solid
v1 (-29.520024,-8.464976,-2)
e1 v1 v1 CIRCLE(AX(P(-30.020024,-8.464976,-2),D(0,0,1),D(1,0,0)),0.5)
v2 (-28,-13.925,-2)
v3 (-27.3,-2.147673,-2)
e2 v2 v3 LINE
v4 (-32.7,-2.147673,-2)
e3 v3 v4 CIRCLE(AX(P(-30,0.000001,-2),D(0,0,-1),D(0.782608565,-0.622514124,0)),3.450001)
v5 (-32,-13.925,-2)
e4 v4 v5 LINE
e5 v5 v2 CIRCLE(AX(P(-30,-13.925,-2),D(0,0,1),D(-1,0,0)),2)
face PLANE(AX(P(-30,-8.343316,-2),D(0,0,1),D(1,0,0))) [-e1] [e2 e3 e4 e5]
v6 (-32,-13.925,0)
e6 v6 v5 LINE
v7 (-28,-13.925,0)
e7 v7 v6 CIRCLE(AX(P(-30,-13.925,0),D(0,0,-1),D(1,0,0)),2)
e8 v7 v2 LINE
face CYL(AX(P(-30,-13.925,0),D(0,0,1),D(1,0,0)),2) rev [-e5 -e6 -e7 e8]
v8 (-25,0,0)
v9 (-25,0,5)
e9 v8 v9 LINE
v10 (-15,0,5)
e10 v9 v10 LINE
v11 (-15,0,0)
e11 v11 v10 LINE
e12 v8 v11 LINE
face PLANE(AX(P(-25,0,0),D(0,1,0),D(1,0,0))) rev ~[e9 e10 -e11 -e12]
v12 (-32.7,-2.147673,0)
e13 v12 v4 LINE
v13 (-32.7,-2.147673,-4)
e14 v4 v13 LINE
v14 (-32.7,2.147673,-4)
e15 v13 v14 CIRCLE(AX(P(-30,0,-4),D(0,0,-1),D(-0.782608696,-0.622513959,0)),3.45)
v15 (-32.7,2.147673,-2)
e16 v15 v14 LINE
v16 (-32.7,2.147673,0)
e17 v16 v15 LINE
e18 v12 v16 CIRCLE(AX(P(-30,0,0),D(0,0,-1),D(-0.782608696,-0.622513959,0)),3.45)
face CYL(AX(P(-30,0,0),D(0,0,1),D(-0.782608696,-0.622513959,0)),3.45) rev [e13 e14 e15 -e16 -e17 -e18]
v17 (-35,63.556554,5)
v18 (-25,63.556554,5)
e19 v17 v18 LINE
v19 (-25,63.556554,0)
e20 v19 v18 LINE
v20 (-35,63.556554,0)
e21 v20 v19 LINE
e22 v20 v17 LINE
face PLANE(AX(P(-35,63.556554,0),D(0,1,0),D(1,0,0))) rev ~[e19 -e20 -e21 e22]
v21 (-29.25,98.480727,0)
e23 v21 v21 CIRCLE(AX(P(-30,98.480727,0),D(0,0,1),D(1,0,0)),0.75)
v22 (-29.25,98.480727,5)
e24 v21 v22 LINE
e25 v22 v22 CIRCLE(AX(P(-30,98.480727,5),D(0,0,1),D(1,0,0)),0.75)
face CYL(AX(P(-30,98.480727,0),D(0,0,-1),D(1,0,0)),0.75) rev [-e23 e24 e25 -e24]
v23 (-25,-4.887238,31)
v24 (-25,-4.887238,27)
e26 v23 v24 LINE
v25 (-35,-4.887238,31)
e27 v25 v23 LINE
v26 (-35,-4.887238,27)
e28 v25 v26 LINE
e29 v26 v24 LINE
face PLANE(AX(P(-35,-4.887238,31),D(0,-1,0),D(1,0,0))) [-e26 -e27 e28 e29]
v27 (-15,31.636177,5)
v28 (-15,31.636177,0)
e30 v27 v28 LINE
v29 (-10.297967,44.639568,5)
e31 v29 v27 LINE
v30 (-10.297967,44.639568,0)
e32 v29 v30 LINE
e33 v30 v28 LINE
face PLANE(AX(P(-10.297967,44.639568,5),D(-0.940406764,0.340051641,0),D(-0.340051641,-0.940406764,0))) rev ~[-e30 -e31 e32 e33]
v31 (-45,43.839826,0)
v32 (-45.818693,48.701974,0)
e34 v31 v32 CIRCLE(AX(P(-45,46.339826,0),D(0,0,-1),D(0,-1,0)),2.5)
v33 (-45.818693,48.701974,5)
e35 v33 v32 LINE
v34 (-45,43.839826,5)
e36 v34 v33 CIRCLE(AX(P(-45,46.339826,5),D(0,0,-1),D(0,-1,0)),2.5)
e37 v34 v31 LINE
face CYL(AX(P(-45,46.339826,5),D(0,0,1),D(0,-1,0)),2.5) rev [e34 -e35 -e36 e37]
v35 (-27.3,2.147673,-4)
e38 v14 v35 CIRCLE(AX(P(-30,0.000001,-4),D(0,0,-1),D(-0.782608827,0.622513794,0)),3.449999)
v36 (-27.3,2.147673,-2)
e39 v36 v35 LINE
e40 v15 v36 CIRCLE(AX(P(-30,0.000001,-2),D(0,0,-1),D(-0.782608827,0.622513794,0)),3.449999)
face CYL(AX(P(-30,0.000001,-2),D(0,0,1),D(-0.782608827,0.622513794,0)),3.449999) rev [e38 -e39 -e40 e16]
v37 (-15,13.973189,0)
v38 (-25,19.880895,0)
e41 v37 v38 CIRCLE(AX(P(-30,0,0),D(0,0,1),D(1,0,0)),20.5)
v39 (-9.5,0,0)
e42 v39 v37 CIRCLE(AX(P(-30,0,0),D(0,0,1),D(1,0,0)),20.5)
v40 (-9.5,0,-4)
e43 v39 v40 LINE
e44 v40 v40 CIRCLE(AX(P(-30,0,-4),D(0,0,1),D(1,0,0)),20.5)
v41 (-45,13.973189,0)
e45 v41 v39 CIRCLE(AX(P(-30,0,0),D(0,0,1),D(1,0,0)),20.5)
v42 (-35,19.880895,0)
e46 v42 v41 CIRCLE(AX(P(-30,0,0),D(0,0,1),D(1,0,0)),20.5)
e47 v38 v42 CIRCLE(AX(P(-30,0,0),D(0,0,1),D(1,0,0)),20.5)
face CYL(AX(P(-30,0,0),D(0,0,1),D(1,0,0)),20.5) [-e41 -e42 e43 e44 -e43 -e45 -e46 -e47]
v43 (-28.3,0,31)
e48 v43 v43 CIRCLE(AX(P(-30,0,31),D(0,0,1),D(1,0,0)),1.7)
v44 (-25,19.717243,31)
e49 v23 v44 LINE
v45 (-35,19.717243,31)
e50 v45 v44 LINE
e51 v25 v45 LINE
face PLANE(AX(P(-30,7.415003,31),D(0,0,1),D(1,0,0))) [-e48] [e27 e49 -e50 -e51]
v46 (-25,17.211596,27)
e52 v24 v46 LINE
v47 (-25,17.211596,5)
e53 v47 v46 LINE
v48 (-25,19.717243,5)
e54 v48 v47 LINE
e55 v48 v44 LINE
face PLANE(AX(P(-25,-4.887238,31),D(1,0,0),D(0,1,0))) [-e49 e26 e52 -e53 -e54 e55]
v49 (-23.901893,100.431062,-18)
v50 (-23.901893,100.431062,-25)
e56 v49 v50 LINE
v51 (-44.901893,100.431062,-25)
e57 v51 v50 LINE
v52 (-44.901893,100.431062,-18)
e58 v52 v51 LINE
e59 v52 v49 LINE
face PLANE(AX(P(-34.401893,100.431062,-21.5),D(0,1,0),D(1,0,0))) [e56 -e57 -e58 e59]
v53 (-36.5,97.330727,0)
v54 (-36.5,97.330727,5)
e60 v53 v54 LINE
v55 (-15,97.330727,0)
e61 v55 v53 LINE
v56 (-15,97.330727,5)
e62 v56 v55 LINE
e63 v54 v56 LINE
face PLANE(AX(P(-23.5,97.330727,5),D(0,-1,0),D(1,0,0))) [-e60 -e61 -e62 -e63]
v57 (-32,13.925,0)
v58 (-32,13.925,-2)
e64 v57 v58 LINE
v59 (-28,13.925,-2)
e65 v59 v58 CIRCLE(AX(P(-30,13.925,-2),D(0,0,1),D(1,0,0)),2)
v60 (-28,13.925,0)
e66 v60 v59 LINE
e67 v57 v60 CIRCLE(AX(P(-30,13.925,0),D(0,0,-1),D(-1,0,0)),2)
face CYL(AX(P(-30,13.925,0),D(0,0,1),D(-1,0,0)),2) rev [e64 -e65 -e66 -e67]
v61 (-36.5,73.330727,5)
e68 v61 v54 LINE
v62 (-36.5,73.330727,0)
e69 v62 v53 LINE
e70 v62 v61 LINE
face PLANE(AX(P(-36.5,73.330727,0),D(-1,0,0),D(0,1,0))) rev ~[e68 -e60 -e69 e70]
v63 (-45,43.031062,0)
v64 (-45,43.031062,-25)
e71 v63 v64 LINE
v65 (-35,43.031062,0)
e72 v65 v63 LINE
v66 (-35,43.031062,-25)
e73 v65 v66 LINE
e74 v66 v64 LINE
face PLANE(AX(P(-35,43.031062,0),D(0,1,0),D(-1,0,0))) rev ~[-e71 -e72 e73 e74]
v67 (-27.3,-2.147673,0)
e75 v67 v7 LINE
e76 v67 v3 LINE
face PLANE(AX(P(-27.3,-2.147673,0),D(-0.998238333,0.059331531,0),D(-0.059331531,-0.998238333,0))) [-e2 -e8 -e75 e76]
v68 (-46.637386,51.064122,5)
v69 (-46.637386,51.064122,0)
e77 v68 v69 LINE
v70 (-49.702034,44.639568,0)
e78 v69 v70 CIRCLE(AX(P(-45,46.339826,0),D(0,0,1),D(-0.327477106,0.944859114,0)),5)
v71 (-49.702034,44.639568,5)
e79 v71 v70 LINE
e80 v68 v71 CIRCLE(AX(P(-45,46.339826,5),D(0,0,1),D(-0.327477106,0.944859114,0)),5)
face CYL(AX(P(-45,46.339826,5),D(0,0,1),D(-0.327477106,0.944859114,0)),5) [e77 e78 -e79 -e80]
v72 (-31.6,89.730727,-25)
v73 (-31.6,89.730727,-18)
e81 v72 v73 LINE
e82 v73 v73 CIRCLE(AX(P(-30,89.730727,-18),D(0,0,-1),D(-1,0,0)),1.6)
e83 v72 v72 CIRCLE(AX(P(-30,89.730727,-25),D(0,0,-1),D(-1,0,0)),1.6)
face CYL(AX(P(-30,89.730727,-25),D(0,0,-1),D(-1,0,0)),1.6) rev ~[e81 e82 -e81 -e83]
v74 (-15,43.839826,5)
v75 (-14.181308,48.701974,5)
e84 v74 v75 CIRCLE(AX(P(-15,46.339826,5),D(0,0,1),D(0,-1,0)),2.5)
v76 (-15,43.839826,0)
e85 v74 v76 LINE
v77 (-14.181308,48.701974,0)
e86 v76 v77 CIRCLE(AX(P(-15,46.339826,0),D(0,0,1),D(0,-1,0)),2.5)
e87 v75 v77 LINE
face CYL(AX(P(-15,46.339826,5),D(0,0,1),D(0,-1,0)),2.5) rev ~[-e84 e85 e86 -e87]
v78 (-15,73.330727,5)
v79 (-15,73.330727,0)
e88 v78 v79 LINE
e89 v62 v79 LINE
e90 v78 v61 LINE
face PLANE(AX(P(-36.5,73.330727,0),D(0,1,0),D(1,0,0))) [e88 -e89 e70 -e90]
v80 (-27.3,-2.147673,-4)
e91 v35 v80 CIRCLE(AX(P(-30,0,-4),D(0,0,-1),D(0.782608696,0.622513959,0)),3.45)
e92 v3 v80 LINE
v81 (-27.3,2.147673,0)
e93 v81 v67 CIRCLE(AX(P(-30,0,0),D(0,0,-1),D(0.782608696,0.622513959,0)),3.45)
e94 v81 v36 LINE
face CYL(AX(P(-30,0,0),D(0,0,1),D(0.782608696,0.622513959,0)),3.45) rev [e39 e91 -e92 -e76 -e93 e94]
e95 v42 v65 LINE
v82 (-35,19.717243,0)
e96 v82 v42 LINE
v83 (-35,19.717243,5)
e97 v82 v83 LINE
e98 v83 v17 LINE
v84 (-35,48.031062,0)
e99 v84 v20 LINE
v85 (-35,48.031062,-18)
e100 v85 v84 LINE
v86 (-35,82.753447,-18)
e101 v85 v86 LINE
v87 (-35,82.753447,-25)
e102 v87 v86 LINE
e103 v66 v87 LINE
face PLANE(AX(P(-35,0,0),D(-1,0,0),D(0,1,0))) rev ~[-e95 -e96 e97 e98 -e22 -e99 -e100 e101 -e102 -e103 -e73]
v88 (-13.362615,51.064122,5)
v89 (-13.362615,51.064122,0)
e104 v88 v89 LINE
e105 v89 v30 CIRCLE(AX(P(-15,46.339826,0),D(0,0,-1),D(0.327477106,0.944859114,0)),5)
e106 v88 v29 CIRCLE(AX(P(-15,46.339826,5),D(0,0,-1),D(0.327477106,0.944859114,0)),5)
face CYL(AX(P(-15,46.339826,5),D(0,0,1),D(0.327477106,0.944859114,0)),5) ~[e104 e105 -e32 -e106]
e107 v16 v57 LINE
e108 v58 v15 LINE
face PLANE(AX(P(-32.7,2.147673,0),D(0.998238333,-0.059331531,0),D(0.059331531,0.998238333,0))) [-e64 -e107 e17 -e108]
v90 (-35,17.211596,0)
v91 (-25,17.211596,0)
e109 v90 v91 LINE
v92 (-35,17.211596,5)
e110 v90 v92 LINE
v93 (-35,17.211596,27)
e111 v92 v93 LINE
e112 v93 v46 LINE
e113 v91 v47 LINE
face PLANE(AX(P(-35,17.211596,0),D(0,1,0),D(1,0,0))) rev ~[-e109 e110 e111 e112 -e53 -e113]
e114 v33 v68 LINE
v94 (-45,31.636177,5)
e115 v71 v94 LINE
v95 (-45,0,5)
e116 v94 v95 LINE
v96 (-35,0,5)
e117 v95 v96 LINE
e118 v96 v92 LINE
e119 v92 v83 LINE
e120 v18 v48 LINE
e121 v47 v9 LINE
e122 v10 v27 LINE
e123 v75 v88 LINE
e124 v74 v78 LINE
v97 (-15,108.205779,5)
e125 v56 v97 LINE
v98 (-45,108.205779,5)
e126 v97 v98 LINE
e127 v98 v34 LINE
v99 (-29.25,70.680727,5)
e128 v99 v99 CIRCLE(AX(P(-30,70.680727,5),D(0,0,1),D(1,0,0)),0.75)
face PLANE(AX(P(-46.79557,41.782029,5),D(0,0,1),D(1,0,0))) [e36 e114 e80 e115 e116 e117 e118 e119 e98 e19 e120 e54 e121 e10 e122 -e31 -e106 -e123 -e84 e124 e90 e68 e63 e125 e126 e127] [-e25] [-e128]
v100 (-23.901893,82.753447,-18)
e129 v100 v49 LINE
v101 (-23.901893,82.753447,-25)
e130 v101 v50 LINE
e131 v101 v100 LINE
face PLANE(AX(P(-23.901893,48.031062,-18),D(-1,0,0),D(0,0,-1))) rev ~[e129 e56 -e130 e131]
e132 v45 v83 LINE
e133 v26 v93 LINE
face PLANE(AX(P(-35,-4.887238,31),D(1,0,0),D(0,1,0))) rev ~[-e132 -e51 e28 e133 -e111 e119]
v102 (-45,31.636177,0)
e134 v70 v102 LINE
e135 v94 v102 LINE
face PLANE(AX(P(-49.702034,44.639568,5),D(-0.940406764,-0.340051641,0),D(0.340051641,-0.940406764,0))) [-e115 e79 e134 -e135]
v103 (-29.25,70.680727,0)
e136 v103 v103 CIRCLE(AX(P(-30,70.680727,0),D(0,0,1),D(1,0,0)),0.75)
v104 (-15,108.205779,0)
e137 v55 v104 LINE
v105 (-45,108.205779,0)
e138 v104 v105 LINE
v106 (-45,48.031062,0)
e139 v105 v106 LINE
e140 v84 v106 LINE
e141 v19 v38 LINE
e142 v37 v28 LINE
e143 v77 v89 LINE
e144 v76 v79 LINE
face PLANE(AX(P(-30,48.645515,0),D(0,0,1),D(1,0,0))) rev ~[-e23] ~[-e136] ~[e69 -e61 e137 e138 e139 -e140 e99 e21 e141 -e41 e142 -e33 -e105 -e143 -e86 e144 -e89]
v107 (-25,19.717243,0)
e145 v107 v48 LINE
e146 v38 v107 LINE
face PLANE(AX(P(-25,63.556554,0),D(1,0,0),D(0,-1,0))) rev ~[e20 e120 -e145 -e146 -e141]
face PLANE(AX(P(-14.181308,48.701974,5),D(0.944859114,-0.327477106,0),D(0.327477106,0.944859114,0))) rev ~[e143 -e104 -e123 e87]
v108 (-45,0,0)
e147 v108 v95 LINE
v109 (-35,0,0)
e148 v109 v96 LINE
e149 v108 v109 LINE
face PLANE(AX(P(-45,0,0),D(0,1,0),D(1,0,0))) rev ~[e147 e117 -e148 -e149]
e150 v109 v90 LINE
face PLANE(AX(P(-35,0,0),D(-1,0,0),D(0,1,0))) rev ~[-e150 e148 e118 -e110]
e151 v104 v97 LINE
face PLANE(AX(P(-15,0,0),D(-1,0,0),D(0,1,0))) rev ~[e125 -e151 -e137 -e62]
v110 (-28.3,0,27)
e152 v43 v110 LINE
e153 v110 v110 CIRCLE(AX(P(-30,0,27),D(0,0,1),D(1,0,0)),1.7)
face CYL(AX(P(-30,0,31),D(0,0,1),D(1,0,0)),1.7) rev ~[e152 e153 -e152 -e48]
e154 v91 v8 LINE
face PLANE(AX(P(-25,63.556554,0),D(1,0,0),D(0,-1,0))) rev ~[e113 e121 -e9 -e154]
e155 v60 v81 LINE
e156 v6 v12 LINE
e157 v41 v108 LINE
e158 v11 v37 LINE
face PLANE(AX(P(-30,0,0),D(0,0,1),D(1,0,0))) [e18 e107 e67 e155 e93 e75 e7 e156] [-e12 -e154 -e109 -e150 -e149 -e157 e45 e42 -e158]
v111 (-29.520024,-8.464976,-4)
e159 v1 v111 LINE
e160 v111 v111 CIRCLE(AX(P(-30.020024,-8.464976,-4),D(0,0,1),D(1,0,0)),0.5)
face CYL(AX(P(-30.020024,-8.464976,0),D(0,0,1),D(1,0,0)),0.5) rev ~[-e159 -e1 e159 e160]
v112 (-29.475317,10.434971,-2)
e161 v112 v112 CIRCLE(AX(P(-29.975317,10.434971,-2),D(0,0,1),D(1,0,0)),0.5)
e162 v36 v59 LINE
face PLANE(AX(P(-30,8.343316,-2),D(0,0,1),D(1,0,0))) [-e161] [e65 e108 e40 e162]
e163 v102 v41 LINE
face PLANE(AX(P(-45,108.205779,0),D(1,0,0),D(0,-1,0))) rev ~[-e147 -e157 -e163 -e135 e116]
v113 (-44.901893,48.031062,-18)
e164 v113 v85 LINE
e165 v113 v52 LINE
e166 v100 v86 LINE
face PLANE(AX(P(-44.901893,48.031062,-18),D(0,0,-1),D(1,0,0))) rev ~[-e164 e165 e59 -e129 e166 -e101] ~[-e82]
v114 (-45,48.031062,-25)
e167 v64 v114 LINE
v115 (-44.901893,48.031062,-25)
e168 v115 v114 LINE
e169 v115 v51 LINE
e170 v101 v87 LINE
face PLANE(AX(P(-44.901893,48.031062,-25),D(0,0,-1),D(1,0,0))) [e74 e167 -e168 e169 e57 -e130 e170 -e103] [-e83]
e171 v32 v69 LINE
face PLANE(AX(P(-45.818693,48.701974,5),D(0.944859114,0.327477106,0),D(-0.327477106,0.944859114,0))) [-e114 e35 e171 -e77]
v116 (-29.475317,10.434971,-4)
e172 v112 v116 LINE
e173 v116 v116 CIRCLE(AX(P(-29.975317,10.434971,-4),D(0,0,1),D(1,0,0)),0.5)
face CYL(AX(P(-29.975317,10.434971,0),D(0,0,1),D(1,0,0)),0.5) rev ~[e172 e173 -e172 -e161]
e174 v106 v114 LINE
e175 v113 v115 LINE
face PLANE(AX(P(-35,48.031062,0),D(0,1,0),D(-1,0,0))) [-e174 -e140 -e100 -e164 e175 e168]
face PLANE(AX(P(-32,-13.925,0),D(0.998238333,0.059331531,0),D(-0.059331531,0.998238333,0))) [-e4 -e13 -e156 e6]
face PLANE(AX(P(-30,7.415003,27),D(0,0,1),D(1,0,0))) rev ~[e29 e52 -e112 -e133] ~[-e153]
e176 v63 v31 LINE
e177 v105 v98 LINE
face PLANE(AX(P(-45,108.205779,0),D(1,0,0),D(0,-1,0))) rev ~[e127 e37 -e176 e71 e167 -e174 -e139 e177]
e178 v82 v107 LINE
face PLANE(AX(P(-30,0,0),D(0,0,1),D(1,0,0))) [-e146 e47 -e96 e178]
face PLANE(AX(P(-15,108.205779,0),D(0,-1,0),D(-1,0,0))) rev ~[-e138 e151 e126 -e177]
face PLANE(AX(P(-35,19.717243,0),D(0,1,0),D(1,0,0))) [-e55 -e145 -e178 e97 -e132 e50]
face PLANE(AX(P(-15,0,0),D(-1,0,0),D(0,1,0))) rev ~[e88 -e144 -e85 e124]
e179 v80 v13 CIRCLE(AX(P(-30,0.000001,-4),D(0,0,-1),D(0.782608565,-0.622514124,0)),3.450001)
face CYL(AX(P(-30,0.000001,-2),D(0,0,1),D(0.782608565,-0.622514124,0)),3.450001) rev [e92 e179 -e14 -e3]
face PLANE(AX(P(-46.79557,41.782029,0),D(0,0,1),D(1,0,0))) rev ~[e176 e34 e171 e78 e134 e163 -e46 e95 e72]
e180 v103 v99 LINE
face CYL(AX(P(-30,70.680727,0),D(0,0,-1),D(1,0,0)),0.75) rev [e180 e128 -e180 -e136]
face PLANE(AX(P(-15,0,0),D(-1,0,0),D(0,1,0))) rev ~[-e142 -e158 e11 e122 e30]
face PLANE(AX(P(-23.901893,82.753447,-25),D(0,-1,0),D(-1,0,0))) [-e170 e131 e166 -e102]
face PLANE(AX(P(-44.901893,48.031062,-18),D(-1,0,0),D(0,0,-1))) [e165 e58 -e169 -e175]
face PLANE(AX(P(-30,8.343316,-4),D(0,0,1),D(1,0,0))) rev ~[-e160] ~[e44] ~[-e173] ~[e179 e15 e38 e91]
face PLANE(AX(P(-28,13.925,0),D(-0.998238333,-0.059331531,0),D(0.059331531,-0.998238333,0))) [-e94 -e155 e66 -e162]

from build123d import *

# Parameters (mm, degrees)
SKETCH2_R           = 20.5
BOSS_EXTRUDE1_DEPTH = 4
BOSS_EXTRUDE2_START = -2
BOSS_EXTRUDE2_DEPTH = 2
SKETCH4_R           = 0.75
SKETCH4_W           = 13
SKETCH4_H           = 24
BOSS_EXTRUDE3_DEPTH = 5
SKETCH5_W           = 10
SKETCH5_H           = 5
BOSS_EXTRUDE4_DEPTH = 25
SKETCH6_W           = 21
SKETCH6_H           = 7
BOSS_EXTRUDE5_DEPTH = 52.4
SKETCH7_R           = 1.6
CUT_EXTRUDE1_DEPTH  = 52.4
SKETCH8_R           = 0.500000007
CUT_EXTRUDE2_DEPTH  = 10
SKETCH9_W           = 8.5
SKETCH9_H           = 24
CUT_EXTRUDE3_DEPTH  = 10
SKETCH10_W          = 10
SKETCH10_H          = 2.505647768
BOSS_EXTRUDE6_DEPTH = 31
SKETCH11_W          = 10
SKETCH11_H          = 24.604481137
SKETCH11_R          = 1.7
BOSS_EXTRUDE7_DEPTH = 4
BOSS_EXTRUDE8_DEPTH = 5
SKETCH13_W          = 11.098107646
SKETCH13_H          = 34.722384721
CUT_EXTRUDE4_DEPTH  = 10


with BuildPart() as part:
    # Sketch2 → Boss-Extrude1 (new body)
    with BuildSketch(Plane.XY):
        with Locations((-30.000000447, 0)):
            Circle(SKETCH2_R)
        with BuildLine():
            Line((-32.000000447, -13.925), (-32.700000447, -2.147673159))
            ThreePointArc((-32.700000447, -2.147673159), (-33.450000447, 0), (-32.700000447, 2.147673159))
            Line((-32.700000447, 2.147673159), (-32.000000447, 13.925))
            ThreePointArc((-32.000000447, 13.925), (-30.000000447, 15.925), (-28.000000447, 13.925))
            Line((-28.000000447, 13.925), (-27.300000447, 2.147673159))
            ThreePointArc((-27.300000447, 2.147673159), (-26.550000447, 0), (-27.300000447, -2.147673159))
            Line((-27.300000447, -2.147673159), (-28.000000447, -13.925))
            ThreePointArc((-28.000000447, -13.925), (-30.000000447, -15.925), (-32.000000447, -13.925))
        make_face(mode=Mode.SUBTRACT)
    extrude(amount=-BOSS_EXTRUDE1_DEPTH)

    # Sketch3 → Boss-Extrude2 (add)
    with BuildSketch(Plane(origin=(0, 0, -4), x_dir=(-1, 0, 0), z_dir=(0, 0, -1)).offset(BOSS_EXTRUDE2_START)):
        with BuildLine():
            Line((32.000000447, 13.925), (32.700000447, 2.147673159))
            ThreePointArc((32.700000447, 2.147673159), (30.000000278, 3.45000035), (27.300000447, 2.147673159))
            Line((27.300000447, 2.147673159), (28.000000447, 13.925))
            ThreePointArc((28.000000447, 13.925), (30.000000447, 15.925), (32.000000447, 13.925))
        make_face()
        with BuildLine():
            Line((32.700000447, -2.147673159), (32.000000447, -13.925))
            ThreePointArc((32.000000447, -13.925), (30.000000447, -15.925), (28.000000447, -13.925))
            Line((28.000000447, -13.925), (27.300000447, -2.147673159))
            ThreePointArc((27.300000447, -2.147673159), (30.000000278, -3.44999965), (32.700000447, -2.147673159))
        make_face()
    extrude(amount=BOSS_EXTRUDE2_DEPTH)

    # Sketch4 → Boss-Extrude3 (add)
    with BuildSketch(Plane.XY):
        Polygon((-45.000000447, 0), (-35.000000447, 0), (-35.000000447, 63.556554203), (-25.000000447, 63.556554203), (-25.000000447, 0), (-15.000000447, 0), (-15.000000447, 66.480727098), (-15.000000447, 108.20577925), (-45.000000447, 108.20577925), (-45.000000447, 66.480727098), align=None)
        with Locations((-30.000000447, 70.680727098)):
            Circle(SKETCH4_R, mode=Mode.SUBTRACT)
        with Locations((-30.000000447, 98.480727098)):
            Circle(SKETCH4_R, mode=Mode.SUBTRACT)
        with Locations((-30.000000447, 85.330727098)):
            Rectangle(SKETCH4_W, SKETCH4_H, mode=Mode.SUBTRACT)
    extrude(amount=BOSS_EXTRUDE3_DEPTH)

    # Sketch5 → Boss-Extrude4 (add)
    with BuildSketch(Plane(origin=(0, 0, 0), x_dir=(-1, 0, 0), z_dir=(0, 0, -1))):
        with Locations((40.000000447, 45.531062225)):
            Rectangle(SKETCH5_W, SKETCH5_H)
    extrude(amount=BOSS_EXTRUDE4_DEPTH)

    # Sketch6 → Boss-Extrude5 (add)
    with BuildSketch(Plane(origin=(0, 48.031062225, 0), x_dir=(1, 0, 0), z_dir=(0, 1, 0))):
        with Locations((-34.401892801, 21.5)):
            Rectangle(SKETCH6_W, SKETCH6_H)
    extrude(amount=BOSS_EXTRUDE5_DEPTH)

    # Sketch7 → Cut-Extrude1 (cut)
    with BuildSketch(Plane(origin=(0, 0, -25), x_dir=(-1, 0, 0), z_dir=(0, 0, -1))):
        with Locations((30.000000447, 89.730727098)):
            Circle(SKETCH7_R)
    extrude(amount=-CUT_EXTRUDE1_DEPTH, mode=Mode.SUBTRACT)

    # Sketch8 → Cut-Extrude2 (cut)
    with BuildSketch(Plane.XY):
        with Locations((-29.975317233, 10.434970799)):
            Circle(SKETCH8_R)
        with Locations((-30.020023773, -8.464976311)):
            Circle(SKETCH8_R)
    extrude(amount=-CUT_EXTRUDE2_DEPTH, mode=Mode.SUBTRACT)

    # Sketch9 → Cut-Extrude3 (cut)
    with BuildSketch(Plane.XY.offset(5)):
        with Locations((-19.250000447, 85.330727098)):
            Rectangle(SKETCH9_W, SKETCH9_H)
    extrude(amount=-CUT_EXTRUDE3_DEPTH, mode=Mode.SUBTRACT)

    # Sketch10 → Boss-Extrude6 (add)
    with BuildSketch(Plane.XY):
        with Locations((-30.000000447, 18.464419485)):
            Rectangle(SKETCH10_W, SKETCH10_H)
    extrude(amount=BOSS_EXTRUDE6_DEPTH)

    # Sketch11 → Boss-Extrude7 (add)
    with BuildSketch(Plane.XY.offset(31)):
        with Locations((-30.000000447, 7.415002801)):
            Rectangle(SKETCH11_W, SKETCH11_H)
        with Locations((-30.000000447, 0)):
            Circle(SKETCH11_R, mode=Mode.SUBTRACT)
    extrude(amount=-BOSS_EXTRUDE7_DEPTH)

    # Sketch12 → Boss-Extrude8 (add)
    with BuildSketch(Plane.XY.offset(5)):
        with BuildLine():
            Line((-14.181307682, 48.701973767), (-13.362614918, 51.064121552))
            ThreePointArc((-13.362614918, 51.064121552), (-10.487154092, 48.492549322), (-10.297966628, 44.639567777))
            Line((-10.297966628, 44.639567777), (-15.000000447, 31.636176901))
            Line((-15.000000447, 31.636176901), (-15.000000447, 43.839825982))
            ThreePointArc((-15.000000447, 43.839825982), (-12.534704373, 45.924717238), (-14.181307682, 48.701973767))
        make_face()
        with BuildLine():
            Line((-49.702034266, 44.639567777), (-45.000000447, 31.636176901))
            Line((-45.000000447, 31.636176901), (-45.000000447, 43.839825982))
            ThreePointArc((-45.000000447, 43.839825982), (-47.465296521, 45.924717238), (-45.818693212, 48.701973767))
            Line((-45.818693212, 48.701973767), (-46.637385976, 51.064121552))
            ThreePointArc((-46.637385976, 51.064121552), (-49.512846802, 48.492549322), (-49.702034266, 44.639567777))
        make_face()
    extrude(amount=-BOSS_EXTRUDE8_DEPTH)

    # Sketch13 → Cut-Extrude4 (cut)
    with BuildSketch(Plane(origin=(0, 0, -25), x_dir=(-1, 0, 0), z_dir=(0, 0, -1))):
        with Locations((29.450946624, 65.392254586)):
            Rectangle(SKETCH13_W, SKETCH13_H)
    extrude(amount=-CUT_EXTRUDE4_DEPTH, mode=Mode.SUBTRACT)


solid = part.part
